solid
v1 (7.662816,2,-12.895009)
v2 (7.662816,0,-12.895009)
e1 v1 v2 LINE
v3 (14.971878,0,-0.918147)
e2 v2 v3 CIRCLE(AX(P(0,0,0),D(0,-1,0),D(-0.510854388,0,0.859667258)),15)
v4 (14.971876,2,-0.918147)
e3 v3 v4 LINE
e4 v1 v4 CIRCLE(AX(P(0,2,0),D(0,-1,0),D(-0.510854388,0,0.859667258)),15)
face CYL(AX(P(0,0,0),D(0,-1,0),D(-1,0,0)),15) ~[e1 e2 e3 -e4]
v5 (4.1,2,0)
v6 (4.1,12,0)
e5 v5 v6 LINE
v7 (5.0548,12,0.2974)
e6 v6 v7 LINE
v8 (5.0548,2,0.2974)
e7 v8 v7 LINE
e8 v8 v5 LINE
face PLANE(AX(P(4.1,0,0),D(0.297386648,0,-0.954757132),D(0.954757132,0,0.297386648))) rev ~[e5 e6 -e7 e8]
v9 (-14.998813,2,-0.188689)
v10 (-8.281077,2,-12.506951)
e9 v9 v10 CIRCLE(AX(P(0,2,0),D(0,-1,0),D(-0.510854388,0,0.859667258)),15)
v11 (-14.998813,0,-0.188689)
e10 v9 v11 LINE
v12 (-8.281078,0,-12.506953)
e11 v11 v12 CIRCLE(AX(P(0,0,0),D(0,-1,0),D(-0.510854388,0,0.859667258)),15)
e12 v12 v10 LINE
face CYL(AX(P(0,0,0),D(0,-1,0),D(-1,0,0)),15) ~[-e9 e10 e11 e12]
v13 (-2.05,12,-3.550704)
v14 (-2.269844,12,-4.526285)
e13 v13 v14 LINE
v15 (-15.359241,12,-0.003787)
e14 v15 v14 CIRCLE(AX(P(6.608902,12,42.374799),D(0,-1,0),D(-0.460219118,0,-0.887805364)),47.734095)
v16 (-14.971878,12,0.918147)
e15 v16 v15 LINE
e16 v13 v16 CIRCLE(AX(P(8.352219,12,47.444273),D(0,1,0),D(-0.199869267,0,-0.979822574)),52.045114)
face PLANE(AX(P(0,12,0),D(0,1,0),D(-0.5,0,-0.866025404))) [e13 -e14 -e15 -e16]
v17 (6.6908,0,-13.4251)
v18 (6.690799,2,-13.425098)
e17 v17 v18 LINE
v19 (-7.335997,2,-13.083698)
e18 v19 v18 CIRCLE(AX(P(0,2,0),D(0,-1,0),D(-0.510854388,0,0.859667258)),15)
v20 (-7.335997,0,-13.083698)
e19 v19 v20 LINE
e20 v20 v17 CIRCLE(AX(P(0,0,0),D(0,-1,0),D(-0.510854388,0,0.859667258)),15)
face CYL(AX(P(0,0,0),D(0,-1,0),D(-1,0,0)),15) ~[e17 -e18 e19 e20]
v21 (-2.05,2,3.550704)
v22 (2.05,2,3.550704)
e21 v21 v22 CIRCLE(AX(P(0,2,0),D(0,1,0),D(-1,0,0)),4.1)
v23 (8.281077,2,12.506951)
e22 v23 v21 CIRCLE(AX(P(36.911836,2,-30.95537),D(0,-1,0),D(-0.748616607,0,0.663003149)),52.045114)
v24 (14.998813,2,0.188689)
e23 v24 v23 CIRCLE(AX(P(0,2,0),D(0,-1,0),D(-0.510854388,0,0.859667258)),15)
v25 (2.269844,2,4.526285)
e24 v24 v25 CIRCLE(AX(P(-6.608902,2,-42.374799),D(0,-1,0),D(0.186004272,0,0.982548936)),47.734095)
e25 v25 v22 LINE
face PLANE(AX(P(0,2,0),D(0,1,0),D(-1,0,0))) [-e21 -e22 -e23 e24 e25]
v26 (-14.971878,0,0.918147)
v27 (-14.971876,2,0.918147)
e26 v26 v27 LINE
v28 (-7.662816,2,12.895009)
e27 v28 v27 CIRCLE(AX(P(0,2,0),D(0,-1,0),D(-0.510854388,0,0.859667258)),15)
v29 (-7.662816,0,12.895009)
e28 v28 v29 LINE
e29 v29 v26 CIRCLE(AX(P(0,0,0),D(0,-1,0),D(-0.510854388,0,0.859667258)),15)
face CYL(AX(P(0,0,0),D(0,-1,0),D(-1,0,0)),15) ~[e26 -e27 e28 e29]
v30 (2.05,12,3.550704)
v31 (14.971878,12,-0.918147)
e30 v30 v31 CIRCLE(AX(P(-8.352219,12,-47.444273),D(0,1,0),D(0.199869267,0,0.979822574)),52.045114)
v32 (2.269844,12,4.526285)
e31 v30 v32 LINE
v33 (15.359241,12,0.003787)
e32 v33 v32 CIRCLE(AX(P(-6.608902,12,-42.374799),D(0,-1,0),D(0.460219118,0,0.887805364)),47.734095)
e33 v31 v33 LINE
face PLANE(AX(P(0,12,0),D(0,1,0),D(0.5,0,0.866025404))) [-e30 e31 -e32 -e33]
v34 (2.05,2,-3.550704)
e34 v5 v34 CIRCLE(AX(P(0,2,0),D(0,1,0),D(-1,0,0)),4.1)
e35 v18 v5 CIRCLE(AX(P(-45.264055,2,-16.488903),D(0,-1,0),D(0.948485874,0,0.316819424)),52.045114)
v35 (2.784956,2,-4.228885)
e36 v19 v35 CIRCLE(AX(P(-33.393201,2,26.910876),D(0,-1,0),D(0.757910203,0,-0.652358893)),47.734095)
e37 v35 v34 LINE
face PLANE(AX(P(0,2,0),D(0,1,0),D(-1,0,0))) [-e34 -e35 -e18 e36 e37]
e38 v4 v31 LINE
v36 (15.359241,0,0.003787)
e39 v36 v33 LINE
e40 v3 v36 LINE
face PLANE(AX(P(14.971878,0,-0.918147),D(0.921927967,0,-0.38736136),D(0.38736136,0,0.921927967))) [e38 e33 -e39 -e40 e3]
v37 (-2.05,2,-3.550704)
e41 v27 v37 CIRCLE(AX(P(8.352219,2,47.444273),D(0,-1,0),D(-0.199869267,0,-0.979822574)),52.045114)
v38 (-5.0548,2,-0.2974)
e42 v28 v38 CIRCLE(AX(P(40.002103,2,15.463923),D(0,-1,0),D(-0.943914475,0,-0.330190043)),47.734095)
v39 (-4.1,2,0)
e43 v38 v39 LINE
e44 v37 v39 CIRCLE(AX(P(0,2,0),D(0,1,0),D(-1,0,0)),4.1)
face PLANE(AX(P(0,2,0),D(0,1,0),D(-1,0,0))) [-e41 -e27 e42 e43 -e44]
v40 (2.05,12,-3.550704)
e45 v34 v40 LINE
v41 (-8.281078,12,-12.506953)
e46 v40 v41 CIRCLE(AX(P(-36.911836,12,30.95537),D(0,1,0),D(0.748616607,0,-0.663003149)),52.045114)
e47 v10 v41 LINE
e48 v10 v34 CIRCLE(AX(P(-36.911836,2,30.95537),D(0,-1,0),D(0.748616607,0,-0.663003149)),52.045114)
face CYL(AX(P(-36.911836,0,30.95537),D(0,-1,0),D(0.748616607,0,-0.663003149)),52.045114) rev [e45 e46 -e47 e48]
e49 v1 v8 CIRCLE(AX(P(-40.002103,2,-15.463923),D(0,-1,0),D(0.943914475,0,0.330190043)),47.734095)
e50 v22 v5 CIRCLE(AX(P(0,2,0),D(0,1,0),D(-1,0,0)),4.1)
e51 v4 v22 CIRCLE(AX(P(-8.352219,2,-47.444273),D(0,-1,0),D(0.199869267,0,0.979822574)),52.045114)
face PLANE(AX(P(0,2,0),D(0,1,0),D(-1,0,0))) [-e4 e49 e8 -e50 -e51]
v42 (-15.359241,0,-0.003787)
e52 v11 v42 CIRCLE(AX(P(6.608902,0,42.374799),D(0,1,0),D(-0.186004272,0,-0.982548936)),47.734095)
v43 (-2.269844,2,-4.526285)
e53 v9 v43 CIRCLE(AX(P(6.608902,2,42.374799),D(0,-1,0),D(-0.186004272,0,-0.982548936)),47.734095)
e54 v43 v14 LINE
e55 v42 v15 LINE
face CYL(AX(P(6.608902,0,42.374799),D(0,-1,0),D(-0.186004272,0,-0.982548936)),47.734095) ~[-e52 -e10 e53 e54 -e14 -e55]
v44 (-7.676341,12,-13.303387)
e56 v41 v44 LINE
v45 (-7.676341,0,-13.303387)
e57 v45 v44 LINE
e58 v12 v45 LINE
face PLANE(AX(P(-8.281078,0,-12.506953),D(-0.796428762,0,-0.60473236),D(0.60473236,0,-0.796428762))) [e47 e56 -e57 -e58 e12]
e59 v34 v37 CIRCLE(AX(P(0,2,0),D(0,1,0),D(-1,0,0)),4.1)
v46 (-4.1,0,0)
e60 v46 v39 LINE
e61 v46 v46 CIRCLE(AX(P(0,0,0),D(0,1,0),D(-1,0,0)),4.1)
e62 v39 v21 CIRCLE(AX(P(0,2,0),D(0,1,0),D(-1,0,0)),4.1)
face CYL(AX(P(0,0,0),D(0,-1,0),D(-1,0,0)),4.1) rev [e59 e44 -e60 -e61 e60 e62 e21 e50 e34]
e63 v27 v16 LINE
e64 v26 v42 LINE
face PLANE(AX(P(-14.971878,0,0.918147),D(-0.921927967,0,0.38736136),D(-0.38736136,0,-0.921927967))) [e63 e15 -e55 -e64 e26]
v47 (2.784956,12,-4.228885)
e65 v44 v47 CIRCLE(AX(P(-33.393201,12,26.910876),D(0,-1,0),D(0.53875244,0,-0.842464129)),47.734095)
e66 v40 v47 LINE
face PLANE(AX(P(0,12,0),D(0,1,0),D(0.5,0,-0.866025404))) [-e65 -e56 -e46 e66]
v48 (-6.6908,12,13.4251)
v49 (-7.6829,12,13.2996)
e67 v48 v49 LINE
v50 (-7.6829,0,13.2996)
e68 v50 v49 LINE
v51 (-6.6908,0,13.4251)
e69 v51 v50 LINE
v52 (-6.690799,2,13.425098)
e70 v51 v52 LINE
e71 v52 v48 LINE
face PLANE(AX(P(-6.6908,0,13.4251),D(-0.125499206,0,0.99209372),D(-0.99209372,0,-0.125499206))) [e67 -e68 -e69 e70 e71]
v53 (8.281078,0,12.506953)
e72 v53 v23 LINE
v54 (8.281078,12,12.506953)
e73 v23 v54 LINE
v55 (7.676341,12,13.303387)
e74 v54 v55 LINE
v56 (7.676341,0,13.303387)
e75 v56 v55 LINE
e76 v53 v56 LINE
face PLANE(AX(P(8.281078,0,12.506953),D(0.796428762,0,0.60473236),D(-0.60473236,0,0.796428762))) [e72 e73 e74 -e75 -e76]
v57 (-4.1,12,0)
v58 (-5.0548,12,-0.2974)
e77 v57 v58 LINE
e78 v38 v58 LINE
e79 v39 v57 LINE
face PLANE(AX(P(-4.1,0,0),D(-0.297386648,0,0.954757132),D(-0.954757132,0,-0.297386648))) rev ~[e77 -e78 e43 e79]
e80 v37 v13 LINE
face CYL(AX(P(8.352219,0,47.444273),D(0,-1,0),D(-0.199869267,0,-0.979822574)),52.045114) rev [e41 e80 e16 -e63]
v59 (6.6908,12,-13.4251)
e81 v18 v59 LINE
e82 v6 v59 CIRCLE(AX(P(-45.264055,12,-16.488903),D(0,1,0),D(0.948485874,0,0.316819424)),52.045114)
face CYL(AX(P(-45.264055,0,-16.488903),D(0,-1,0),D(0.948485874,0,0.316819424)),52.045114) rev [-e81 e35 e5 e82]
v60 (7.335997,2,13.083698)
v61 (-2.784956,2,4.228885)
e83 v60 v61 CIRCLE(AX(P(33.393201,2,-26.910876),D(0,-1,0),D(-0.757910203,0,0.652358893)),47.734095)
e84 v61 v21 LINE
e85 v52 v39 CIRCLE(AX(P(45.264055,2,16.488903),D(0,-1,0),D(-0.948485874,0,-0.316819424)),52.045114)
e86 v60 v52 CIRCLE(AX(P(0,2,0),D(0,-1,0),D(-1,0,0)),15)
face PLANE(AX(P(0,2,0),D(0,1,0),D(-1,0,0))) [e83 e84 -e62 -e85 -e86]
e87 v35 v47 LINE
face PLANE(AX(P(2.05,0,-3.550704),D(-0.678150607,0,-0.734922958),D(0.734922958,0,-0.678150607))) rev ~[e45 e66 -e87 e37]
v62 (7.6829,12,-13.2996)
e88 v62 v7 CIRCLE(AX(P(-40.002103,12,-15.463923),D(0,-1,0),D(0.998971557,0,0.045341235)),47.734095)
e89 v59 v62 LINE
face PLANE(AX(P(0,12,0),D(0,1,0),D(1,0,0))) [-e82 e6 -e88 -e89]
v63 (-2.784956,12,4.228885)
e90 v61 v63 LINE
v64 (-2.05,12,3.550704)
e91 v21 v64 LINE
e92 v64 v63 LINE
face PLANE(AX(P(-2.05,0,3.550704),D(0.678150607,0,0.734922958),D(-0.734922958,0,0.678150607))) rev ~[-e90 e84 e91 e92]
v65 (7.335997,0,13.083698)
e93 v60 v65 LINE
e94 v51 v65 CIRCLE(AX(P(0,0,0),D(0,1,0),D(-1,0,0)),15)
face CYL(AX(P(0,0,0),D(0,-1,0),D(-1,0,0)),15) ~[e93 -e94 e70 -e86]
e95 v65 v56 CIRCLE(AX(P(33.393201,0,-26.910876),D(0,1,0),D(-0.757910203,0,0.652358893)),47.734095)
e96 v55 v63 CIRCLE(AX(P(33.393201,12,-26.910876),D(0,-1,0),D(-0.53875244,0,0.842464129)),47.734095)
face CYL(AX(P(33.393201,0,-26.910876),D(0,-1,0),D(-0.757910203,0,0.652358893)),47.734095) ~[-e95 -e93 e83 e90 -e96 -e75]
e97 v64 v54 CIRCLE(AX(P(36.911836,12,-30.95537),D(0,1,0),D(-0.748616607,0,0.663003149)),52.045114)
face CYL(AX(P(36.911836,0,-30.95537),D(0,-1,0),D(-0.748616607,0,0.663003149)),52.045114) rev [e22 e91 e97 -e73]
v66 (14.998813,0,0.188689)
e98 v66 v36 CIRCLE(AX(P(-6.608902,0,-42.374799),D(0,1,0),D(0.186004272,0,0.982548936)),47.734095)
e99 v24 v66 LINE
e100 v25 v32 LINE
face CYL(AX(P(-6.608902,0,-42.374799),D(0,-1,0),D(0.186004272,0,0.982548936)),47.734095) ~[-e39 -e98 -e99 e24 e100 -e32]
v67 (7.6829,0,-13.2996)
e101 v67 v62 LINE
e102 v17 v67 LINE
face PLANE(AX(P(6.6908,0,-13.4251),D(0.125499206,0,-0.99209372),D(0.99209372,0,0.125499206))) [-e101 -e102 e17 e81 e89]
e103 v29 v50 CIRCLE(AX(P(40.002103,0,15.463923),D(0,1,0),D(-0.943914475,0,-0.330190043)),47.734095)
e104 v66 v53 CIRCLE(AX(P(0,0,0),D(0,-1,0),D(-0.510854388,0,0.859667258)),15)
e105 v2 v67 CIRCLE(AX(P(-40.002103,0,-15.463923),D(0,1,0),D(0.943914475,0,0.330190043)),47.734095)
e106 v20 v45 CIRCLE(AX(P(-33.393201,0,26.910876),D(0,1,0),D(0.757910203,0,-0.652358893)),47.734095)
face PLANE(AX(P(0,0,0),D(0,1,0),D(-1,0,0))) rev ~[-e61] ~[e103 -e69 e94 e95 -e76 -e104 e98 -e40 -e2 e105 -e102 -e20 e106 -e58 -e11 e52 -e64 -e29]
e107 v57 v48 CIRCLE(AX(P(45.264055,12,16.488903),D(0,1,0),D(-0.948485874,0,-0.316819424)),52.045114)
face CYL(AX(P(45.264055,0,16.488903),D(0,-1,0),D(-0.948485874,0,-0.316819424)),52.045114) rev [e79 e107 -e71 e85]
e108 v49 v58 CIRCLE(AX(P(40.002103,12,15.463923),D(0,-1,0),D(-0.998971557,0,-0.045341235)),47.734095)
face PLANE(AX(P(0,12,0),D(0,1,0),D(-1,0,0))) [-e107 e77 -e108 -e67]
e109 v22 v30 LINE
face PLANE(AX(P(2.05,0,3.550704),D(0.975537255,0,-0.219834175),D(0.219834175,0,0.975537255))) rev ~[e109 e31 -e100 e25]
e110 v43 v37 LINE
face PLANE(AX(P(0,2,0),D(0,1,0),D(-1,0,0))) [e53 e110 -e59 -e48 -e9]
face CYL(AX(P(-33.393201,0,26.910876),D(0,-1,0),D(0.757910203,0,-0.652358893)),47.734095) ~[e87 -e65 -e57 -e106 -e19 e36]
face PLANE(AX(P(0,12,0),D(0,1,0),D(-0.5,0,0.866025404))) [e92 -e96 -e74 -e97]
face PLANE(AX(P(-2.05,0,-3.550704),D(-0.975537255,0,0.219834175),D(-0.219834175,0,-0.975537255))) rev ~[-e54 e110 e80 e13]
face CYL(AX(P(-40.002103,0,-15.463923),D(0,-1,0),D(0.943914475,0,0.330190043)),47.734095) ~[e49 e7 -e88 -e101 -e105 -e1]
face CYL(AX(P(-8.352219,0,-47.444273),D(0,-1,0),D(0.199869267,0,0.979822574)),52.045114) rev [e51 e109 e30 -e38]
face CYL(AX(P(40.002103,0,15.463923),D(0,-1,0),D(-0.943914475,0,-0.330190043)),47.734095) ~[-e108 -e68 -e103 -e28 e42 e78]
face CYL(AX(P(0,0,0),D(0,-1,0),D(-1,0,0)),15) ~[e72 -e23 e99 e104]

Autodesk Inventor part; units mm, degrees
ref_plane "YZ Plane" through (0, 0, 0) normal (1, 0, 0) x (0, 1, 0)
ref_plane "XZ Plane" through (0, 0, 0) normal (0, 1, 0) x (-1, 0, 0)
ref_plane "XY Plane" through (0, 0, 0) normal (0, 0, 1) x (1, 0, 0)
sketch "Sketch1" plane through (0, 0, 0) normal (0, 1, 0) x (-1, 0, 0)
  circle A0 centre (0, 0) radius 15
  circle A1 centre (0, 0) radius 4.1
  arc A2 (4.1, 0) -> (6.6908, 13.4251) centre (-45.2629, 16.4886) ccw
  line L0 (4.1, 0) -> (5.0548, -0.2974)
  line L1 (6.6908, 13.4251) -> (7.6829, 13.2996)
  arc A3 (5.0548, -0.2974) -> (7.6829, 13.2996) centre (-40.0035, 15.4643) ccw
  dimension "d0" = 30
  dimension "d1" = 8.2
  dimension "d10" = 1
  dimension "d11" = 1
extrude "Extrusion1" add sketch "Sketch1" along normal blind 2 contours A2 L0 A3 A0 | A0 A3 L0 A2
extrude "Extrusion3" add sketch "Sketch1" along normal blind 12 contours L1 A3 A0 | A0 A3 L0 A2 picked at (6.2625, 7.2317)
pattern_circular "Circular Pattern2" count 6 over 360 about axis through (0, 0, 0) along (0, 1, 0) of "Extrusion3"
equation "\"d0\" = PropDiameter"
equation "\"d1\" = PropHoleDiameter"
equation "\"d10\" = PropBladeThickness"
equation "\"d11\" = PropBladeThickness"
equation "\"d2\" = PropPlateThickness"
equation "\"d12\" = PropPlateThickness + PropDepth"
equation "\"PropHoleDiameter\" = 8.2"
equation "\"PropDepth\" = 10"
equation "\"PropPlateThickness\" = 2"
equation "\"PropBladeThickness\" = 1"
equation "\"VoluteCaseInnerSize\" = 31"
equation "\"VoluteCaseOuterSize\" = 42"
equation "\"VoluteWallThickness\" = 2"
equation "\"VoluteStartAngle\" = 25deg"
equation "\"PropDiameter\" = 30"
properties part number "Propeller"
